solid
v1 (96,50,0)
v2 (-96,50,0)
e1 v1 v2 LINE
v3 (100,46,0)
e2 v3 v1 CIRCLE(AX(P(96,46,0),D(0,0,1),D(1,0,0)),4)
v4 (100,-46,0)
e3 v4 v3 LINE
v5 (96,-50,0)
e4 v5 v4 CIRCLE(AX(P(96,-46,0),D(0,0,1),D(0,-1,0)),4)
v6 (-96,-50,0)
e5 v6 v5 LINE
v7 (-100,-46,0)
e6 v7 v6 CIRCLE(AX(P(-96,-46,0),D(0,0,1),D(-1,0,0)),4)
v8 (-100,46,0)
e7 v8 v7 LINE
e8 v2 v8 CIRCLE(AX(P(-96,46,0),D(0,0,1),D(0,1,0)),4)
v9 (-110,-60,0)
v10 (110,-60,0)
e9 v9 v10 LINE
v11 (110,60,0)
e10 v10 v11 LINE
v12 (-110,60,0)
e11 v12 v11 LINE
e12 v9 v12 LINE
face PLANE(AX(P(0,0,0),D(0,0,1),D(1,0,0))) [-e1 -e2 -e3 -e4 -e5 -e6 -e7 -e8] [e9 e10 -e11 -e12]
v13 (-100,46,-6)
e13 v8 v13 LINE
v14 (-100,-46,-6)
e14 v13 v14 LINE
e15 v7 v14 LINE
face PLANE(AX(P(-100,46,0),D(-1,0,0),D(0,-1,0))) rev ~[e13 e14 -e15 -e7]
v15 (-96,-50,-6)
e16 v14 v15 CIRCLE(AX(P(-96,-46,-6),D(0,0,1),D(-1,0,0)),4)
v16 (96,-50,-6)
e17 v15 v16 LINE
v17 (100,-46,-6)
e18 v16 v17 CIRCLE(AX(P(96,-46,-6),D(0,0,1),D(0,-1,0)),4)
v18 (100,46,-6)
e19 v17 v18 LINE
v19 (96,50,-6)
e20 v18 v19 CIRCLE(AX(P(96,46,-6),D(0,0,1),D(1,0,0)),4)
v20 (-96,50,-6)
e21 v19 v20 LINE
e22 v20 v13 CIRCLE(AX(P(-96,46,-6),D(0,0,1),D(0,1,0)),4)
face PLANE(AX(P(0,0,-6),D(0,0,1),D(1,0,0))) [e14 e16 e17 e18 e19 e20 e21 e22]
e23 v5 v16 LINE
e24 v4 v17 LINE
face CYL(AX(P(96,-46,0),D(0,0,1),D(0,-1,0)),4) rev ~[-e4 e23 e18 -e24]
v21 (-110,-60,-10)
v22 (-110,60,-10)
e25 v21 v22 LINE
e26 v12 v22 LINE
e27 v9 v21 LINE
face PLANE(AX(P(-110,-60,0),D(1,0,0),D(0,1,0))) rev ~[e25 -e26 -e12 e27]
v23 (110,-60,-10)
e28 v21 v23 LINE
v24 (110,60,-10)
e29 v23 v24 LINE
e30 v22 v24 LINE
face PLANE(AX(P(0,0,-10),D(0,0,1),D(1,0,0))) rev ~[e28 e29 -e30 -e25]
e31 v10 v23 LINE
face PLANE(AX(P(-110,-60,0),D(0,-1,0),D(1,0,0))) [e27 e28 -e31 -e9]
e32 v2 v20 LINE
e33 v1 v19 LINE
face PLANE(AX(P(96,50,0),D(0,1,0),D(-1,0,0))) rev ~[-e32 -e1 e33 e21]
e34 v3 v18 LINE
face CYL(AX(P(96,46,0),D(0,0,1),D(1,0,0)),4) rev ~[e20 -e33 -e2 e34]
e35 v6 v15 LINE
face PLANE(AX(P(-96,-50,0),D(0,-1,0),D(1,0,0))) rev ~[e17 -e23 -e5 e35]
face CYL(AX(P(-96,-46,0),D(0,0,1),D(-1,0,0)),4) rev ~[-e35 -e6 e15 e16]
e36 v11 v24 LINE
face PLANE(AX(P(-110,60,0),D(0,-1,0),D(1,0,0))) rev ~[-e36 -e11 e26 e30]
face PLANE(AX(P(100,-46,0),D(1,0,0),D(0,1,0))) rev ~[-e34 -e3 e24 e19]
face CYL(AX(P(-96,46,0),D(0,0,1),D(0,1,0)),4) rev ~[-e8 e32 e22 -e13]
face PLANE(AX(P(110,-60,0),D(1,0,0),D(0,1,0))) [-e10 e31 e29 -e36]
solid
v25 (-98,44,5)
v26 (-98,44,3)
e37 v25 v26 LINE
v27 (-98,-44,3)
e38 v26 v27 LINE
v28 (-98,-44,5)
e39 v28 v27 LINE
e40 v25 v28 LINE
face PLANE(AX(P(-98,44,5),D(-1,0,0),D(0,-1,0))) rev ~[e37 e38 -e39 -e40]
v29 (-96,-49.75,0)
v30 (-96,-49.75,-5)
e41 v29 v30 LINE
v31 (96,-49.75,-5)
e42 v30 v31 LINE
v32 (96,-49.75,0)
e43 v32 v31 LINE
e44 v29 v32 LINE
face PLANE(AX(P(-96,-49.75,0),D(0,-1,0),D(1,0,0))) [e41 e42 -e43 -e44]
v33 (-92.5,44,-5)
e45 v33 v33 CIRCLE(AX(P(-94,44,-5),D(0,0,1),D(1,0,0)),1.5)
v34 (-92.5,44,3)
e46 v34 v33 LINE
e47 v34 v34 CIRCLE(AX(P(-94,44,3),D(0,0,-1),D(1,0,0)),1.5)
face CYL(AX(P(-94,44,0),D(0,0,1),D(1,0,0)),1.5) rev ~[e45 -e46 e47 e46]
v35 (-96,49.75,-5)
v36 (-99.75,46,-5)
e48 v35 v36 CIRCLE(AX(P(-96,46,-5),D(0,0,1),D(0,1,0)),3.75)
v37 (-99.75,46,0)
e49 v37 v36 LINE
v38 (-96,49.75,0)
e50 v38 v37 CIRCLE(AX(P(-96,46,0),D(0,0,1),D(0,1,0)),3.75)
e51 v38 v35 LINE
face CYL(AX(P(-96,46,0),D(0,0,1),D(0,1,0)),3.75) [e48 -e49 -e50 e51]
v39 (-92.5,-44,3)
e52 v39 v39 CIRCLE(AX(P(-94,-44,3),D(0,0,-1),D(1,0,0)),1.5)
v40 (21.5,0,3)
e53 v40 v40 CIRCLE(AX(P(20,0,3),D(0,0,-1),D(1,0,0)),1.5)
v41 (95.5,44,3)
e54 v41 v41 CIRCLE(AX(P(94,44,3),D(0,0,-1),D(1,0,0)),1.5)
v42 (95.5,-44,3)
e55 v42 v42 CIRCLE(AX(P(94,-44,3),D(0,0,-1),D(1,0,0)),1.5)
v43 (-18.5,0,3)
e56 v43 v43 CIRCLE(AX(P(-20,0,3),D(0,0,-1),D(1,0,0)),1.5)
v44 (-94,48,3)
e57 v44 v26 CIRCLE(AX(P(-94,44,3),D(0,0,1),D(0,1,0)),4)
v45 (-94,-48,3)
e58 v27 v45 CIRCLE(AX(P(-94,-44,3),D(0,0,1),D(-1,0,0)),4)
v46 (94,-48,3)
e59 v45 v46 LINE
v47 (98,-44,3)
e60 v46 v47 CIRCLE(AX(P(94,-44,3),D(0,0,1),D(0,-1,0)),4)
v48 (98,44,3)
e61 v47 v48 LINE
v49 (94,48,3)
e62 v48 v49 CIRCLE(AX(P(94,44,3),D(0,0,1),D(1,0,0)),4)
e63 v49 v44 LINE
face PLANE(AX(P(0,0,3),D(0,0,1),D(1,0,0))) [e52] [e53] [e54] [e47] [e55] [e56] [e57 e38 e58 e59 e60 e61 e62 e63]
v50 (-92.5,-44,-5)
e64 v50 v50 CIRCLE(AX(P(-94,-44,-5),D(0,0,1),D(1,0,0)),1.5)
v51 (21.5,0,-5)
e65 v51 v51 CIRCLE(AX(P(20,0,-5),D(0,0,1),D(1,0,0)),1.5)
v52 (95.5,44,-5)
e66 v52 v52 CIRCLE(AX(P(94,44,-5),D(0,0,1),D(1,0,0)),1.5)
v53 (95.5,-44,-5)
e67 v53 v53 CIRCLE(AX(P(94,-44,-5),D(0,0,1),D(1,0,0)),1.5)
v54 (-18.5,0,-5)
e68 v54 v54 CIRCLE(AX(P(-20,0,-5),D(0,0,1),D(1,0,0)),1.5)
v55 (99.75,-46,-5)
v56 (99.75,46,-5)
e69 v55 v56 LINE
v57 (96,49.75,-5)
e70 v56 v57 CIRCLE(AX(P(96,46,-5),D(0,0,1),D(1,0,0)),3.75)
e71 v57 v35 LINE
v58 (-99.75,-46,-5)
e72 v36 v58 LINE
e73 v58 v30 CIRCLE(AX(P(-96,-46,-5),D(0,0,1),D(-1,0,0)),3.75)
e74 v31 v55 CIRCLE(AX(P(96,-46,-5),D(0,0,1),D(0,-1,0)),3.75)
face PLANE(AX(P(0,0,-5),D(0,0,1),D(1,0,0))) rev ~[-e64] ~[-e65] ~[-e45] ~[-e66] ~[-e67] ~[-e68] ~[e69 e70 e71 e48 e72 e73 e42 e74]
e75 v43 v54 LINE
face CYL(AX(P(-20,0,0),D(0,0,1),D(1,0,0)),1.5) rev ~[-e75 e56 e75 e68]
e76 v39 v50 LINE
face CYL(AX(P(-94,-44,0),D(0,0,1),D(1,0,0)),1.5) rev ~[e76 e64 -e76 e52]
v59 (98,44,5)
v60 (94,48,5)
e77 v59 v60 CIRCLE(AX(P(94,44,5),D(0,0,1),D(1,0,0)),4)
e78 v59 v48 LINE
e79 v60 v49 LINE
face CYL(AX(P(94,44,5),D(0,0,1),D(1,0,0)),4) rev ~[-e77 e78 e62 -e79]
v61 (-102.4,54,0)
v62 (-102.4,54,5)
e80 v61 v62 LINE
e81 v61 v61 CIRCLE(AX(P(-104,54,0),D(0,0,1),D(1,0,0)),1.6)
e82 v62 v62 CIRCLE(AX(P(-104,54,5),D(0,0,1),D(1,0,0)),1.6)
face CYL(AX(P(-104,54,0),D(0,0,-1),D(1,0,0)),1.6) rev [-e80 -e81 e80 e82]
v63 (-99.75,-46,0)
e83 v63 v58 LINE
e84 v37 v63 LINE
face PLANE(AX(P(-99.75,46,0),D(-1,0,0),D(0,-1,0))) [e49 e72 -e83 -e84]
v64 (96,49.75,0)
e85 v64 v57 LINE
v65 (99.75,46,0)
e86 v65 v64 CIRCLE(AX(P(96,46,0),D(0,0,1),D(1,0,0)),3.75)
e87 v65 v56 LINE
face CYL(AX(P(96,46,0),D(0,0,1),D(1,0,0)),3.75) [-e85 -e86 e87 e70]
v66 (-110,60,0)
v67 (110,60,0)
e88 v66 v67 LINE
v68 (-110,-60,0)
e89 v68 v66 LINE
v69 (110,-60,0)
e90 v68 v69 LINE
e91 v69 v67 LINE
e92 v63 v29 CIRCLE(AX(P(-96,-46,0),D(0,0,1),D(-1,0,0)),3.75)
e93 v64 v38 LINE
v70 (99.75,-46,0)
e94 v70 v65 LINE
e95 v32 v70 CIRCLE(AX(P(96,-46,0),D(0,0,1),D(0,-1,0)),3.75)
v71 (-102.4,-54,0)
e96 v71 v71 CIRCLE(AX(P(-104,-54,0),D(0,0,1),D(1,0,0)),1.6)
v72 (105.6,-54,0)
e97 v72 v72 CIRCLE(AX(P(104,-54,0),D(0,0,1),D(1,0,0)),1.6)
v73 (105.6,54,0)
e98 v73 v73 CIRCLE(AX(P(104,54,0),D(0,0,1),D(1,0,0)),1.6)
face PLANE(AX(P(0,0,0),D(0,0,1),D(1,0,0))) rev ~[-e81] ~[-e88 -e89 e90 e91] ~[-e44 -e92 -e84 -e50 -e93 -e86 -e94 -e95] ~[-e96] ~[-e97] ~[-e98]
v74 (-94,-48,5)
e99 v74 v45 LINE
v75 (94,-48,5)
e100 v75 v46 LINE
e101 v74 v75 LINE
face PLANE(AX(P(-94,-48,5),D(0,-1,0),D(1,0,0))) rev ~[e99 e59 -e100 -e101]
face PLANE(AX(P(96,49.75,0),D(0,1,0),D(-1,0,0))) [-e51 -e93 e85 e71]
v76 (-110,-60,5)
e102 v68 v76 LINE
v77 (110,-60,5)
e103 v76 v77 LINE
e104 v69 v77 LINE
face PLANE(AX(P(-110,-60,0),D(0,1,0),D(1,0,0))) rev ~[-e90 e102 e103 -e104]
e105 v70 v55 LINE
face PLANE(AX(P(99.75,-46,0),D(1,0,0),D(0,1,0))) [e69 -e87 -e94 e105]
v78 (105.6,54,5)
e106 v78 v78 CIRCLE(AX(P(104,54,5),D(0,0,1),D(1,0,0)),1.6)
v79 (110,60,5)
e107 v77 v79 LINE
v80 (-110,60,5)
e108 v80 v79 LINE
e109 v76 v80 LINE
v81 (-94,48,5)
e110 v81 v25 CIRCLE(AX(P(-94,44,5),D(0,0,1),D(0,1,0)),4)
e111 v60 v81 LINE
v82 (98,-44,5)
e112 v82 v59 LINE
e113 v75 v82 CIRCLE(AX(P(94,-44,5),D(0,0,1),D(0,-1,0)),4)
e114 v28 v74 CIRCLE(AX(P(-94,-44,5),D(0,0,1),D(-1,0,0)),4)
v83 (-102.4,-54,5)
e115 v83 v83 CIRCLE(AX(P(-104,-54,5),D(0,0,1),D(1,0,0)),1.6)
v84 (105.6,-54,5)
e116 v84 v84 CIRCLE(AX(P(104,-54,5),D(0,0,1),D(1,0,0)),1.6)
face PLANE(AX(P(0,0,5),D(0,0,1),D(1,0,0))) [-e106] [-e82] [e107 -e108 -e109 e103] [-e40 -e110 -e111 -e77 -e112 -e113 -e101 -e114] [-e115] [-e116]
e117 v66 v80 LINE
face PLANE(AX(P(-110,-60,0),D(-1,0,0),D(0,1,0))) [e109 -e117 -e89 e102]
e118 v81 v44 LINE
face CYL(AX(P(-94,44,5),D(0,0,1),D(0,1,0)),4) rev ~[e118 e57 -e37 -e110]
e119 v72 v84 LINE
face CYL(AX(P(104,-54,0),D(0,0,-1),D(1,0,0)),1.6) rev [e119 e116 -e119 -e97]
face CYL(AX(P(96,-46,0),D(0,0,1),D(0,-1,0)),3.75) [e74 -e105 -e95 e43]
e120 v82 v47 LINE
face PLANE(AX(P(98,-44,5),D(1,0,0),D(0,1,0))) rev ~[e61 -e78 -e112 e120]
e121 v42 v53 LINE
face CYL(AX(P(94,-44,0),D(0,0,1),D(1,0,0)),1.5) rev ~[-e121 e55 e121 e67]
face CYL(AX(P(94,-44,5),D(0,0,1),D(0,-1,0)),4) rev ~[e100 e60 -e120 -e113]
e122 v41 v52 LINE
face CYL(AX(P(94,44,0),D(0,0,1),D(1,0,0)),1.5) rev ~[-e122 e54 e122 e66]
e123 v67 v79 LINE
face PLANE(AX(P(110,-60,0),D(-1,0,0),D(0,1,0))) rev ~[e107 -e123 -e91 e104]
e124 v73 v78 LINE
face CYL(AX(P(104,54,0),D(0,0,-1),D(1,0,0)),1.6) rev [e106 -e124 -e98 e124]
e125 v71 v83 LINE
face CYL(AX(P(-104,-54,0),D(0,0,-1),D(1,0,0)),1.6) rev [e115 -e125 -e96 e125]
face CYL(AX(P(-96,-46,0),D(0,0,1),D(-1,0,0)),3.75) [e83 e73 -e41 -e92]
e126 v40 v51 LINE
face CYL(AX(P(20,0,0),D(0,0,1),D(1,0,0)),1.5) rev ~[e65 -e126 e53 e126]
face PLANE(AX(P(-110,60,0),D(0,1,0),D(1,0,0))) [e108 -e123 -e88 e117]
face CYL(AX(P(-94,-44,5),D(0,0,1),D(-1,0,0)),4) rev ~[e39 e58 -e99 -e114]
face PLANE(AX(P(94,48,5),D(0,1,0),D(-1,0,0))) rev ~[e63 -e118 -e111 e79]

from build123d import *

# Parameters (mm, degrees)
F0_W     = 220
F0_H     = 120
F1_DEPTH = 10
F2_DEPTH = 6
F3_W     = 220
F3_H     = 120
F3_R     = 1.6
F3_R_2   = 1.5
F4_DEPTH = 5
F5_DEPTH = 5
F7_DEPTH = 2


with BuildPart() as f1:
    # F0 (on Top) → F1 (new body)
    with BuildSketch(Plane.XY):
        Rectangle(F0_W, F0_H)
        with BuildLine():
            Line((-96, 50), (96, 50))
            ThreePointArc((96, 50), (98.8284271247, 48.8284271247), (100, 46))
            Line((100, 46), (100, -46))
            ThreePointArc((100, -46), (98.8284271247, -48.8284271247), (96, -50))
            Line((96, -50), (-96, -50))
            ThreePointArc((-96, -50), (-98.8284271247, -48.8284271247), (-100, -46))
            Line((-100, -46), (-100, 46))
            ThreePointArc((-100, 46), (-98.8284271247, 48.8284271247), (-96, 50))
        make_face(mode=Mode.SUBTRACT)
        with BuildLine():
            ThreePointArc((100, 46), (98.8284271247, 48.8284271247), (96, 50))
            Line((96, 50), (-96, 50))
            ThreePointArc((-96, 50), (-98.8284271247, 48.8284271247), (-100, 46))
            Line((-100, 46), (-100, -46))
            ThreePointArc((-100, -46), (-98.8284271247, -48.8284271247), (-96, -50))
            Line((-96, -50), (96, -50))
            ThreePointArc((96, -50), (98.8284271247, -48.8284271247), (100, -46))
            Line((100, -46), (100, 46))
        make_face()
    extrude(amount=-F1_DEPTH)

    # F0 (on Top) → F2 (cut)
    with BuildSketch(Plane.XY):
        with BuildLine():
            ThreePointArc((100, 46), (98.8284271247, 48.8284271247), (96, 50))
            Line((96, 50), (-96, 50))
            ThreePointArc((-96, 50), (-98.8284271247, 48.8284271247), (-100, 46))
            Line((-100, 46), (-100, -46))
            ThreePointArc((-100, -46), (-98.8284271247, -48.8284271247), (-96, -50))
            Line((-96, -50), (96, -50))
            ThreePointArc((96, -50), (98.8284271247, -48.8284271247), (100, -46))
            Line((100, -46), (100, 46))
        make_face()
    extrude(amount=-F2_DEPTH, mode=Mode.SUBTRACT)


with BuildPart() as f4:
    # F3 (on Top) → F4 (new body)
    with BuildSketch(Plane.XY):
        Rectangle(F3_W, F3_H)
        with Locations((-104, -54)):
            Circle(F3_R, mode=Mode.SUBTRACT)
        with Locations((104, -54)):
            Circle(F3_R, mode=Mode.SUBTRACT)
        with Locations((-104, 54)):
            Circle(F3_R, mode=Mode.SUBTRACT)
        with BuildLine():
            ThreePointArc((-96, -49.75), (-98.6516504294, -48.6516504294), (-99.75, -46))
            Line((-99.75, -46), (-99.75, 46))
            ThreePointArc((-99.75, 46), (-98.6516504294, 48.6516504294), (-96, 49.75))
            Line((-96, 49.75), (96, 49.75))
            ThreePointArc((96, 49.75), (98.6516504294, 48.6516504294), (99.75, 46))
            Line((99.75, 46), (99.75, -46))
            ThreePointArc((99.75, -46), (98.6516504294, -48.6516504294), (96, -49.75))
            Line((96, -49.75), (-96, -49.75))
        make_face(mode=Mode.SUBTRACT)
        with Locations((104, 54)):
            Circle(F3_R, mode=Mode.SUBTRACT)
        with BuildLine():
            Line((-99.75, 46), (-99.75, -46))
            ThreePointArc((-99.75, -46), (-98.6516504294, -48.6516504294), (-96, -49.75))
            Line((-96, -49.75), (96, -49.75))
            ThreePointArc((96, -49.75), (98.6516504294, -48.6516504294), (99.75, -46))
            Line((99.75, -46), (99.75, 46))
            ThreePointArc((99.75, 46), (98.6516504294, 48.6516504294), (96, 49.75))
            Line((96, 49.75), (-96, 49.75))
            ThreePointArc((-96, 49.75), (-98.6516504294, 48.6516504294), (-99.75, 46))
        make_face()
        with Locations((-94, -44)):
            Circle(F3_R_2, mode=Mode.SUBTRACT)
        with Locations((94, -44)):
            Circle(F3_R_2, mode=Mode.SUBTRACT)
        with Locations((-20, 0)):
            Circle(F3_R_2, mode=Mode.SUBTRACT)
        with Locations((-94, 44)):
            Circle(F3_R_2, mode=Mode.SUBTRACT)
        with Locations((20, 0)):
            Circle(F3_R_2, mode=Mode.SUBTRACT)
        with Locations((94, 44)):
            Circle(F3_R_2, mode=Mode.SUBTRACT)
    extrude(amount=F4_DEPTH)

    # F3 (on Top) → F5 (join)
    with BuildSketch(Plane.XY):
        with BuildLine():
            Line((-99.75, 46), (-99.75, -46))
            ThreePointArc((-99.75, -46), (-98.6516504294, -48.6516504294), (-96, -49.75))
            Line((-96, -49.75), (96, -49.75))
            ThreePointArc((96, -49.75), (98.6516504294, -48.6516504294), (99.75, -46))
            Line((99.75, -46), (99.75, 46))
            ThreePointArc((99.75, 46), (98.6516504294, 48.6516504294), (96, 49.75))
            Line((96, 49.75), (-96, 49.75))
            ThreePointArc((-96, 49.75), (-98.6516504294, 48.6516504294), (-99.75, 46))
        make_face()
        with Locations((-94, -44)):
            Circle(F3_R_2, mode=Mode.SUBTRACT)
        with Locations((94, -44)):
            Circle(F3_R_2, mode=Mode.SUBTRACT)
        with Locations((-20, 0)):
            Circle(F3_R_2, mode=Mode.SUBTRACT)
        with Locations((-94, 44)):
            Circle(F3_R_2, mode=Mode.SUBTRACT)
        with Locations((20, 0)):
            Circle(F3_R_2, mode=Mode.SUBTRACT)
        with Locations((94, 44)):
            Circle(F3_R_2, mode=Mode.SUBTRACT)
    extrude(amount=-F5_DEPTH)

    # F6 (on face) → F7 (cut)
    with BuildSketch(Plane.XY.offset(5)):
        with BuildLine():
            Line((94, 48), (-94, 48))
            ThreePointArc((-94, 48), (-96.8284271247, 46.8284271247), (-98, 44))
            Line((-98, 44), (-98, -44))
            ThreePointArc((-98, -44), (-96.8284271247, -46.8284271247), (-94, -48))
            Line((-94, -48), (94, -48))
            ThreePointArc((94, -48), (96.8284271247, -46.8284271247), (98, -44))
            Line((98, -44), (98, 44))
            ThreePointArc((98, 44), (96.8284271247, 46.8284271247), (94, 48))
        make_face()
    extrude(amount=-F7_DEPTH, mode=Mode.SUBTRACT)


solid = Compound([f1.part, f4.part])
